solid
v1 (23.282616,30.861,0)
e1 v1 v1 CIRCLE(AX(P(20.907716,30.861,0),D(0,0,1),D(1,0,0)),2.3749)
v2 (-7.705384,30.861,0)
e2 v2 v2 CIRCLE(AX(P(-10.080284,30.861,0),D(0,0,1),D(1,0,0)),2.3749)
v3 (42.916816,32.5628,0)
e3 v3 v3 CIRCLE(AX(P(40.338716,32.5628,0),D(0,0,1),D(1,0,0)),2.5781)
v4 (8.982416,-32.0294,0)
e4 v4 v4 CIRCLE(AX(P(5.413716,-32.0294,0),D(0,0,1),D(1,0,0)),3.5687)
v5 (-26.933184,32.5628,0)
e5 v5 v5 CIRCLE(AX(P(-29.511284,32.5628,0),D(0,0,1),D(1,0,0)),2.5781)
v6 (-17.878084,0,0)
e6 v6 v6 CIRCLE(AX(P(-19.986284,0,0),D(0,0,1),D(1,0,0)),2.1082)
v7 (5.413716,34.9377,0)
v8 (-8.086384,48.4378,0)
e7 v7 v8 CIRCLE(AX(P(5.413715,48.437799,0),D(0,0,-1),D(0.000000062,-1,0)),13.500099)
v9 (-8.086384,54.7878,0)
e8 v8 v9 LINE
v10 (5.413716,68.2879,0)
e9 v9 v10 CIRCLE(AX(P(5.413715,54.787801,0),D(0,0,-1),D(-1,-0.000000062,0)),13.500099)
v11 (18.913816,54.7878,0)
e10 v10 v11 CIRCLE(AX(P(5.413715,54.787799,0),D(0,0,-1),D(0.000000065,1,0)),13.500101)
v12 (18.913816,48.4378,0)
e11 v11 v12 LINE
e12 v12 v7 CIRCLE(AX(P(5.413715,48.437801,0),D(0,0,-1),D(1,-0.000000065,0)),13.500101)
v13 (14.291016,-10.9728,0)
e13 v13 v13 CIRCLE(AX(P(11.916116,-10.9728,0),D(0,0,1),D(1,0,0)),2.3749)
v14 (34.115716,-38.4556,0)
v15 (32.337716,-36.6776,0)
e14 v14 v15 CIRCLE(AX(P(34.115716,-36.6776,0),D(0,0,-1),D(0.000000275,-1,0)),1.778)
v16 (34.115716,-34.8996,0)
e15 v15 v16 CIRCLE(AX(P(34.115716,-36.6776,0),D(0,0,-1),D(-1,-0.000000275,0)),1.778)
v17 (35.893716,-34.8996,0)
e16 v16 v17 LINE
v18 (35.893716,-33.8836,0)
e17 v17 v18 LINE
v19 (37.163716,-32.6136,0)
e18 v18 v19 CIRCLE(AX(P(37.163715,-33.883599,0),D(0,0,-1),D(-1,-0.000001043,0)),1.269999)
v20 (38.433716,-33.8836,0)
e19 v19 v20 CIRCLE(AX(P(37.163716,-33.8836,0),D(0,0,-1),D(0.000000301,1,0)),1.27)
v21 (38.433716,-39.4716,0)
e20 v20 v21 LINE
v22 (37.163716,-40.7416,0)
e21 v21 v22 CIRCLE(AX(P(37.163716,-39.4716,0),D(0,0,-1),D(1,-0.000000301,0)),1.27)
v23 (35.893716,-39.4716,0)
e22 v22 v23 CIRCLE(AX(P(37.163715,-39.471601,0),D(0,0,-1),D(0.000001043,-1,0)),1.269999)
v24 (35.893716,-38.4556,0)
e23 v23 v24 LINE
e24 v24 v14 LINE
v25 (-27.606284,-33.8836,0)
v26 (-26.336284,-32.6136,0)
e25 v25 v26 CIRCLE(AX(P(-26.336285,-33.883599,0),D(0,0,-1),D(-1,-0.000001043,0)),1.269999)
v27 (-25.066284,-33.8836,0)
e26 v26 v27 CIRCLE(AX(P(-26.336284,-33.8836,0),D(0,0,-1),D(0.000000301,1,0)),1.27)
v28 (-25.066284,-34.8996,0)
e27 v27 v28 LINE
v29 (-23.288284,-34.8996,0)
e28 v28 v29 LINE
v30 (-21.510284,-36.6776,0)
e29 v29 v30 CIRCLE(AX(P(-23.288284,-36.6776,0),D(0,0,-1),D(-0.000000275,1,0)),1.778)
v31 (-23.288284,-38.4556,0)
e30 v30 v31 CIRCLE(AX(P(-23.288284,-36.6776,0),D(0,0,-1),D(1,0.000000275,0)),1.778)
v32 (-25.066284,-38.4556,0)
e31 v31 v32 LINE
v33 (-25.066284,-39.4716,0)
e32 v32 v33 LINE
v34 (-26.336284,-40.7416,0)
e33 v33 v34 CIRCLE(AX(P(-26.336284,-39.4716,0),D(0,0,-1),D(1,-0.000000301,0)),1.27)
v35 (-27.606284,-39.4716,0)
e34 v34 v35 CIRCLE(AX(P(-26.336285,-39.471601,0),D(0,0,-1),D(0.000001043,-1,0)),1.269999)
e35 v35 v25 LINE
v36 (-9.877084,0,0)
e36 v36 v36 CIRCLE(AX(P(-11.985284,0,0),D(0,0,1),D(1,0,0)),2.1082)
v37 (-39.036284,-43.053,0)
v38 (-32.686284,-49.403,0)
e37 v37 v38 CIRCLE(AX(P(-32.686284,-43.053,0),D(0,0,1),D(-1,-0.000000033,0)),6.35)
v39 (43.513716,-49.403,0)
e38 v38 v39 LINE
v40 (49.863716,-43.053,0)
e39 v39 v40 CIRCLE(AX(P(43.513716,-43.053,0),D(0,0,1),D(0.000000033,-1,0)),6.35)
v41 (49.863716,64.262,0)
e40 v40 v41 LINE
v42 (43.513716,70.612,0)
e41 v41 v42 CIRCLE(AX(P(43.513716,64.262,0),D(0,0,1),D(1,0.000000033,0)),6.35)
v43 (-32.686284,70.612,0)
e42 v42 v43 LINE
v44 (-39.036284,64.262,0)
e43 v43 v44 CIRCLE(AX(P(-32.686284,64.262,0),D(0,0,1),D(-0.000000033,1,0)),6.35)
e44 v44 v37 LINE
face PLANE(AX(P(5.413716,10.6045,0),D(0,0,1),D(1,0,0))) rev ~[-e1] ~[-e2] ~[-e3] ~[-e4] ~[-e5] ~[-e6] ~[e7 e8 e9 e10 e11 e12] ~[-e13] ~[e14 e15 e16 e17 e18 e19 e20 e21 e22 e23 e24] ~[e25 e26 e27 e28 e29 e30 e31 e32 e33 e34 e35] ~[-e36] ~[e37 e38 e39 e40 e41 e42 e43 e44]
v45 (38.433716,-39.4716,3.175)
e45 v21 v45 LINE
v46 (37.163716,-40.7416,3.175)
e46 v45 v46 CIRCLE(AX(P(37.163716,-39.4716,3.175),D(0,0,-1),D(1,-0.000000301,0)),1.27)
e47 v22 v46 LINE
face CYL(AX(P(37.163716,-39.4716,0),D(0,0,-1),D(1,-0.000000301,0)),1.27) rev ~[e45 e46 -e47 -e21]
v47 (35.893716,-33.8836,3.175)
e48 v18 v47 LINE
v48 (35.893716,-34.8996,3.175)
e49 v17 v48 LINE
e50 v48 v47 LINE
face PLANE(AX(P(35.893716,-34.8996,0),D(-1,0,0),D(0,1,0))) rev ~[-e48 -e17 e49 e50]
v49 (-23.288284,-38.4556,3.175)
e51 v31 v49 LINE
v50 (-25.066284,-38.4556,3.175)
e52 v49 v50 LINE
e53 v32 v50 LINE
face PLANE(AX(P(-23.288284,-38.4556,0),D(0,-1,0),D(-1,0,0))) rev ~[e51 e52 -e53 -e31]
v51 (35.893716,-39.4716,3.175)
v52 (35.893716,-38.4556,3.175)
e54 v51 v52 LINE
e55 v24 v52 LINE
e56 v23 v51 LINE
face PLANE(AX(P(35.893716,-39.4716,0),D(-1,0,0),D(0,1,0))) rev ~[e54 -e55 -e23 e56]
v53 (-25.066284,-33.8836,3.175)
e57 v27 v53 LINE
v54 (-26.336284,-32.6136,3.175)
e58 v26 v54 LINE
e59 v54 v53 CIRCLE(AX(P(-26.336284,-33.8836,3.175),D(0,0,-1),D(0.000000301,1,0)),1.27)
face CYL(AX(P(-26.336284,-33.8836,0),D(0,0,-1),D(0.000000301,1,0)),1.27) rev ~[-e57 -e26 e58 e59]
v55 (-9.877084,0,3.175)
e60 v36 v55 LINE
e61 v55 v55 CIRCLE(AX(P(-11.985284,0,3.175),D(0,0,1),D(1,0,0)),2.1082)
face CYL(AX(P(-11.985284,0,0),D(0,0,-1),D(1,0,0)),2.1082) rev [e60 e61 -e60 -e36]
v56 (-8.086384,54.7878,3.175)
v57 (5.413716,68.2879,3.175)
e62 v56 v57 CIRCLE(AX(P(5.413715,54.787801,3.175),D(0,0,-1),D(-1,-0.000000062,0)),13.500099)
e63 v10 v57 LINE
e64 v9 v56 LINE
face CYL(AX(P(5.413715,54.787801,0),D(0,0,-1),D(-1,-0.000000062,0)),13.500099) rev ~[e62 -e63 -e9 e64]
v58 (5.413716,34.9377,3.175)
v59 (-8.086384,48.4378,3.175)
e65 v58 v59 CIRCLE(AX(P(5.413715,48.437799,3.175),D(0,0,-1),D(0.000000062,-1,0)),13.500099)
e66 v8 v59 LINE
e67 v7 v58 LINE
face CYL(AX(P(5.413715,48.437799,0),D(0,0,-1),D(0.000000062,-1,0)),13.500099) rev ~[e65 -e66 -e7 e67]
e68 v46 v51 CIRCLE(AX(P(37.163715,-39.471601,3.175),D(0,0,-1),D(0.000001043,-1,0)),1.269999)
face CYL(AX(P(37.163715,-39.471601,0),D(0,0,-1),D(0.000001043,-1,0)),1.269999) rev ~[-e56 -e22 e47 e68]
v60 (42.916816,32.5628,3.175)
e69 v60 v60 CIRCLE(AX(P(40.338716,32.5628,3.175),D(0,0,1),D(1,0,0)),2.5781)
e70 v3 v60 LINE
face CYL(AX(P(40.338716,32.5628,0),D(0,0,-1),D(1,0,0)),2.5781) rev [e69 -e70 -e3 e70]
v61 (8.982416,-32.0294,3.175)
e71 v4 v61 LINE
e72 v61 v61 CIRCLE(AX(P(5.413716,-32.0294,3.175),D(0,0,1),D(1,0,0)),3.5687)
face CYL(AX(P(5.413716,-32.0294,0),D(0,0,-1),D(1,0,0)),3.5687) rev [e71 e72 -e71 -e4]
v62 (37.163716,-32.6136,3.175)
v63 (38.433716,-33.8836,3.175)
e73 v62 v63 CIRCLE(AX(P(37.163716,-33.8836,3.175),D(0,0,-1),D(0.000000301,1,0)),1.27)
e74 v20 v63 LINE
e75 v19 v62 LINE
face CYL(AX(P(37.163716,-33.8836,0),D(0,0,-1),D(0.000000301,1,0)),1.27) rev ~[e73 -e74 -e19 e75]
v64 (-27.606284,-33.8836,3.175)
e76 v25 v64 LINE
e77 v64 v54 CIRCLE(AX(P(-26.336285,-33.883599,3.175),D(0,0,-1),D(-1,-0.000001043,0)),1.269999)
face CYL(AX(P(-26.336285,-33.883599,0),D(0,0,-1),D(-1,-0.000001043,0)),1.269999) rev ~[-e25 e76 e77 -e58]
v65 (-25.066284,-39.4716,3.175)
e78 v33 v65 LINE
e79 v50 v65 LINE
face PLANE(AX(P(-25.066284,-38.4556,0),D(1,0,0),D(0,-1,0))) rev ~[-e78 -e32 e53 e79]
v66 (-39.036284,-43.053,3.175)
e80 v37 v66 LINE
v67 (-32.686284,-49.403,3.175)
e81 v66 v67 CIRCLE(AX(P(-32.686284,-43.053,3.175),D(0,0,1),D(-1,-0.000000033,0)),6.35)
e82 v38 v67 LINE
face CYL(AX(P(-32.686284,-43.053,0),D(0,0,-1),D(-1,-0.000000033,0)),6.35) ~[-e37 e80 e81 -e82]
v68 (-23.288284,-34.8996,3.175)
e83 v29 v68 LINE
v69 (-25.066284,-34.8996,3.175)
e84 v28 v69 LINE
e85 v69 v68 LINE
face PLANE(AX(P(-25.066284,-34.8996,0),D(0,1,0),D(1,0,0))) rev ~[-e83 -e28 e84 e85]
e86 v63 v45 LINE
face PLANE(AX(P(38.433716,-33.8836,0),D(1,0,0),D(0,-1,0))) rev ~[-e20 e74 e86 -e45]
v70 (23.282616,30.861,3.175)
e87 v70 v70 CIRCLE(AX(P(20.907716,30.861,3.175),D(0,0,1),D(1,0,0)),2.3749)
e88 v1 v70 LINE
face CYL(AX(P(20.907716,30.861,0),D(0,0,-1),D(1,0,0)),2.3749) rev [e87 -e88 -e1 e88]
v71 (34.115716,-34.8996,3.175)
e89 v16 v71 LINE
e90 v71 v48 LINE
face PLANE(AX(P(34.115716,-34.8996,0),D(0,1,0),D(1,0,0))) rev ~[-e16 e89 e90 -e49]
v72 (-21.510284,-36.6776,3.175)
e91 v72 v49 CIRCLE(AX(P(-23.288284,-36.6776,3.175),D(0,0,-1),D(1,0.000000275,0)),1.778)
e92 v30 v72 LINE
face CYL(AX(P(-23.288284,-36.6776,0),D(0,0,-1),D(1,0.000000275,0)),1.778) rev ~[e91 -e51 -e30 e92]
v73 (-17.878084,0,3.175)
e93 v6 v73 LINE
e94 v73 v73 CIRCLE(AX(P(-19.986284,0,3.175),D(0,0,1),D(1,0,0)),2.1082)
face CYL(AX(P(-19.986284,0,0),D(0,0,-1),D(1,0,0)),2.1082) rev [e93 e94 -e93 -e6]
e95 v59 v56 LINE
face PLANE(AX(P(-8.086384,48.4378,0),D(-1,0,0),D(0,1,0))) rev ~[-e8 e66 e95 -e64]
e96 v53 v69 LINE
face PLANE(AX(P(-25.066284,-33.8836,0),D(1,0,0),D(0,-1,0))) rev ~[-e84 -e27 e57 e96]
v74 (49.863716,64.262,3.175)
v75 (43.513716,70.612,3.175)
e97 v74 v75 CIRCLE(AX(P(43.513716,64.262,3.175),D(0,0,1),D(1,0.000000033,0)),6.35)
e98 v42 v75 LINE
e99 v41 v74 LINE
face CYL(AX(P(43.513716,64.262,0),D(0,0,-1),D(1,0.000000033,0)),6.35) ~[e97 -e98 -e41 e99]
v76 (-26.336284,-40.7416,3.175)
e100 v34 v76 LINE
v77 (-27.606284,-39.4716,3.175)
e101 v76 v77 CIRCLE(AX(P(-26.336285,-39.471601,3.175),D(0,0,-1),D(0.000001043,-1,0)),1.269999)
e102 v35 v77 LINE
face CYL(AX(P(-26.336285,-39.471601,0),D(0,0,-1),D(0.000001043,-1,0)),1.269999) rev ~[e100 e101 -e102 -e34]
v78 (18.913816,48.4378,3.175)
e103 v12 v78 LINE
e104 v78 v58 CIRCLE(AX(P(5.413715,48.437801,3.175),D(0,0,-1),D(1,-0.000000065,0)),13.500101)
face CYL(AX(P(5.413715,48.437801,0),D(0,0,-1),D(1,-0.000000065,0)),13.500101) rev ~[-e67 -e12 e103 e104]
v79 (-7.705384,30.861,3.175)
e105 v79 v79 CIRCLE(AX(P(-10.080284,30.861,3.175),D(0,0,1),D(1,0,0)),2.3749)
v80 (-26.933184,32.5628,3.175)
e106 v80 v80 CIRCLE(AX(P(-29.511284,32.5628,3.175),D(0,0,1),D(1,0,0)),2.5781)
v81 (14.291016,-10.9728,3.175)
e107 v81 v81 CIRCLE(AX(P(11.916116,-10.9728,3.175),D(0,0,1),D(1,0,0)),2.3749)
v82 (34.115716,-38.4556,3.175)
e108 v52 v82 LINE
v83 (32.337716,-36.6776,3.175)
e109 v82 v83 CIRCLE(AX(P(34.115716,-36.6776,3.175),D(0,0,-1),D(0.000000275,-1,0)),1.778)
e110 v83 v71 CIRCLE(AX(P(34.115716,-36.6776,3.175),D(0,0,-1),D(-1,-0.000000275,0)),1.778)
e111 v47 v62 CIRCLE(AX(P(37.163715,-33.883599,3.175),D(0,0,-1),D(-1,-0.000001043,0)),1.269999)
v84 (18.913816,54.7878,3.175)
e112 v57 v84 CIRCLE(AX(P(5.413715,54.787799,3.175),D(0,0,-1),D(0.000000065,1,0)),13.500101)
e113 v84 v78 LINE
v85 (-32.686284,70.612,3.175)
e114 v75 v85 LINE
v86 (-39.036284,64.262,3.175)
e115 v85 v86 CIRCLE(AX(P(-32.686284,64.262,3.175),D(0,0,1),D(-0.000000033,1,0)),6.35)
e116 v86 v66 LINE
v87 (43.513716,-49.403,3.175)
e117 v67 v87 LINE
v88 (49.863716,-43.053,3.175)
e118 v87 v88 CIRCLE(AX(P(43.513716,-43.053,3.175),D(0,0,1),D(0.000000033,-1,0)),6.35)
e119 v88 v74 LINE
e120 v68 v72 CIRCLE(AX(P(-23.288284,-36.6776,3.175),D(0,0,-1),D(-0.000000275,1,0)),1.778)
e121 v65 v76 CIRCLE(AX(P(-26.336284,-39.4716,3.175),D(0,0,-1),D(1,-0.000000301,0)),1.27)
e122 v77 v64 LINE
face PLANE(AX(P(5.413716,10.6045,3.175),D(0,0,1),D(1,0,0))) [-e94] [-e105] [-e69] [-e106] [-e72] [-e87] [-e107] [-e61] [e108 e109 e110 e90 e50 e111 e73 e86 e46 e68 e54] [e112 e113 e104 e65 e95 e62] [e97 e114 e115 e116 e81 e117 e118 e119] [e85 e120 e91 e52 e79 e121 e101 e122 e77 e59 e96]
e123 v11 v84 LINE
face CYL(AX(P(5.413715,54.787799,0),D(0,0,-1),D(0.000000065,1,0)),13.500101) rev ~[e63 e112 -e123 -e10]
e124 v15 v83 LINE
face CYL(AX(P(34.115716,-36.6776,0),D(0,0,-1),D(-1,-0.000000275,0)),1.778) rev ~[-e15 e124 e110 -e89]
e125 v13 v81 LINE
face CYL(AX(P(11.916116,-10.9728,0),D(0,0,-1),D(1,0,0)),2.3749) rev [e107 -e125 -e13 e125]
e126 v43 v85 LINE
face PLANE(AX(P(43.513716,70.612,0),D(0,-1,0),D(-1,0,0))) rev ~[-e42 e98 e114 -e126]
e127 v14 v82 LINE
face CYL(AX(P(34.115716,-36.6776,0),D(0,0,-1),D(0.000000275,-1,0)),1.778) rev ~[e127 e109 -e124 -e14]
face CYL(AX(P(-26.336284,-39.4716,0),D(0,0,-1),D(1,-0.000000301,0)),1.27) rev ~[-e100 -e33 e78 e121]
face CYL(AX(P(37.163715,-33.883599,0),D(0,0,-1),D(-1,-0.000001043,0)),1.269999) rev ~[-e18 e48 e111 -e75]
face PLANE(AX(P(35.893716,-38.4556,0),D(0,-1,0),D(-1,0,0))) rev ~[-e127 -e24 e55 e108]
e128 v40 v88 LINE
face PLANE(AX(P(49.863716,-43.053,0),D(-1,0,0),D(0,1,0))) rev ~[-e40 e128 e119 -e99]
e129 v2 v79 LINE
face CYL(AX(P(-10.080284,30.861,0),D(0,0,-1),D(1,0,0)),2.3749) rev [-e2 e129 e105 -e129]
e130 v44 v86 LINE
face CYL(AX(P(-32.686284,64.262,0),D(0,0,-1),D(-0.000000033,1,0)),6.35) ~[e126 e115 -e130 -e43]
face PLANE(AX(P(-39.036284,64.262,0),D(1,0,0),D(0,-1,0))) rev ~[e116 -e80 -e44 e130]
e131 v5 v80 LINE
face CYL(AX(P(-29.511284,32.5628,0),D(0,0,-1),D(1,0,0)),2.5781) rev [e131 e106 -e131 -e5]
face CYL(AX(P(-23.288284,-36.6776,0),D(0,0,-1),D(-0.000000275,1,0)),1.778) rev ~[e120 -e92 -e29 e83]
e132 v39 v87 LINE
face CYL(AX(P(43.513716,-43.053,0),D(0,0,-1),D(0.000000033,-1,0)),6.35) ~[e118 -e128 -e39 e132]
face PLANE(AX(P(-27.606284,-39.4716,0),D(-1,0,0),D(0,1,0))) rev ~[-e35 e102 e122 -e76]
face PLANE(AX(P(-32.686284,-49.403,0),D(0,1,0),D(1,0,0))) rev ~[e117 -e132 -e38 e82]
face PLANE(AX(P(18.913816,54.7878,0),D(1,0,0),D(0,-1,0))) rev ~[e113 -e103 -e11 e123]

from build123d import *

# Parameters (mm, degrees)
F0_R     = 2.1082
F0_R_2   = 3.5687
F0_R_3   = 2.3749
F0_R_4   = 2.5781
F1_DEPTH = 3.175


with BuildPart() as f1:
    # F0 (on Top) → F1 (new body)
    with BuildSketch(Plane.XY):
        with BuildLine():
            Line((43.513716, 70.612), (-32.686284, 70.612))
            ThreePointArc((-32.686284, 70.612), (-37.176412, 68.752128), (-39.036284, 64.262))
            Line((-39.036284, 64.262), (-39.036284, -43.053))
            ThreePointArc((-39.036284, -43.053), (-37.176412, -47.543128), (-32.686284, -49.403))
            Line((-32.686284, -49.403), (43.513716, -49.403))
            ThreePointArc((43.513716, -49.403), (48.003844, -47.543128), (49.863716, -43.053))
            Line((49.863716, -43.053), (49.863716, 64.262))
            ThreePointArc((49.863716, 64.262), (48.003844, 68.752128), (43.513716, 70.612))
        make_face()
        with BuildLine():
            ThreePointArc((-26.336284, -32.6136), (-25.438259, -32.985574), (-25.066284, -33.8836))
            Line((-25.066284, -33.8836), (-25.066284, -34.8996))
            Line((-25.066284, -34.8996), (-23.288284, -34.8996))
            ThreePointArc((-23.288284, -34.8996), (-22.031048, -35.420364), (-21.510284, -36.6776))
            ThreePointArc((-21.510284, -36.6776), (-22.031048, -37.934836), (-23.288284, -38.4556))
            Line((-23.288284, -38.4556), (-25.066284, -38.4556))
            Line((-25.066284, -38.4556), (-25.066284, -39.4716))
            ThreePointArc((-25.066284, -39.4716), (-25.438259, -40.369626), (-26.336284, -40.7416))
            ThreePointArc((-26.336284, -40.7416), (-27.23431, -40.369626), (-27.606284, -39.4716))
            Line((-27.606284, -39.4716), (-27.606284, -33.8836))
            ThreePointArc((-27.606284, -33.8836), (-27.23431, -32.985574), (-26.336284, -32.6136))
        make_face(mode=Mode.SUBTRACT)
        with Locations((-19.986284, 0)):
            Circle(F0_R, mode=Mode.SUBTRACT)
        with Locations((-11.985284, 0)):
            Circle(F0_R, mode=Mode.SUBTRACT)
        with Locations((5.413716, -32.0294)):
            Circle(F0_R_2, mode=Mode.SUBTRACT)
        with BuildLine():
            Line((35.893716, -34.8996), (35.893716, -33.8836))
            ThreePointArc((35.893716, -33.8836), (36.26569, -32.985574), (37.163716, -32.6136))
            ThreePointArc((37.163716, -32.6136), (38.061741, -32.985574), (38.433716, -33.8836))
            Line((38.433716, -33.8836), (38.433716, -39.4716))
            ThreePointArc((38.433716, -39.4716), (38.061741, -40.369626), (37.163716, -40.7416))
            ThreePointArc((37.163716, -40.7416), (36.26569, -40.369626), (35.893716, -39.4716))
            Line((35.893716, -39.4716), (35.893716, -38.4556))
            Line((35.893716, -38.4556), (34.115716, -38.4556))
            ThreePointArc((34.115716, -38.4556), (32.85848, -37.934836), (32.337716, -36.6776))
            ThreePointArc((32.337716, -36.6776), (32.85848, -35.420364), (34.115716, -34.8996))
            Line((34.115716, -34.8996), (35.893716, -34.8996))
        make_face(mode=Mode.SUBTRACT)
        with Locations((11.916116, -10.9728)):
            Circle(F0_R_3, mode=Mode.SUBTRACT)
        with Locations((-29.511284, 32.5628)):
            Circle(F0_R_4, mode=Mode.SUBTRACT)
        with Locations((-10.080284, 30.861)):
            Circle(F0_R_3, mode=Mode.SUBTRACT)
        with BuildLine():
            Line((-8.086384, 48.4378), (-8.086384, 54.7878))
            ThreePointArc((-8.086384, 54.7878), (-4.132297, 64.333812), (5.413716, 68.2879))
            ThreePointArc((5.413716, 68.2879), (14.959728, 64.333812), (18.913816, 54.7878))
            Line((18.913816, 54.7878), (18.913816, 51.6128))
            Line((18.913816, 51.6128), (18.913816, 48.4378))
            ThreePointArc((18.913816, 48.4378), (14.959728, 38.891788), (5.413716, 34.9377))
            ThreePointArc((5.413716, 34.9377), (-4.132297, 38.891788), (-8.086384, 48.4378))
        make_face(mode=Mode.SUBTRACT)
        with Locations((20.907716, 30.861)):
            Circle(F0_R_3, mode=Mode.SUBTRACT)
        with Locations((40.338716, 32.5628)):
            Circle(F0_R_4, mode=Mode.SUBTRACT)
    extrude(amount=F1_DEPTH)


solid = f1.part
